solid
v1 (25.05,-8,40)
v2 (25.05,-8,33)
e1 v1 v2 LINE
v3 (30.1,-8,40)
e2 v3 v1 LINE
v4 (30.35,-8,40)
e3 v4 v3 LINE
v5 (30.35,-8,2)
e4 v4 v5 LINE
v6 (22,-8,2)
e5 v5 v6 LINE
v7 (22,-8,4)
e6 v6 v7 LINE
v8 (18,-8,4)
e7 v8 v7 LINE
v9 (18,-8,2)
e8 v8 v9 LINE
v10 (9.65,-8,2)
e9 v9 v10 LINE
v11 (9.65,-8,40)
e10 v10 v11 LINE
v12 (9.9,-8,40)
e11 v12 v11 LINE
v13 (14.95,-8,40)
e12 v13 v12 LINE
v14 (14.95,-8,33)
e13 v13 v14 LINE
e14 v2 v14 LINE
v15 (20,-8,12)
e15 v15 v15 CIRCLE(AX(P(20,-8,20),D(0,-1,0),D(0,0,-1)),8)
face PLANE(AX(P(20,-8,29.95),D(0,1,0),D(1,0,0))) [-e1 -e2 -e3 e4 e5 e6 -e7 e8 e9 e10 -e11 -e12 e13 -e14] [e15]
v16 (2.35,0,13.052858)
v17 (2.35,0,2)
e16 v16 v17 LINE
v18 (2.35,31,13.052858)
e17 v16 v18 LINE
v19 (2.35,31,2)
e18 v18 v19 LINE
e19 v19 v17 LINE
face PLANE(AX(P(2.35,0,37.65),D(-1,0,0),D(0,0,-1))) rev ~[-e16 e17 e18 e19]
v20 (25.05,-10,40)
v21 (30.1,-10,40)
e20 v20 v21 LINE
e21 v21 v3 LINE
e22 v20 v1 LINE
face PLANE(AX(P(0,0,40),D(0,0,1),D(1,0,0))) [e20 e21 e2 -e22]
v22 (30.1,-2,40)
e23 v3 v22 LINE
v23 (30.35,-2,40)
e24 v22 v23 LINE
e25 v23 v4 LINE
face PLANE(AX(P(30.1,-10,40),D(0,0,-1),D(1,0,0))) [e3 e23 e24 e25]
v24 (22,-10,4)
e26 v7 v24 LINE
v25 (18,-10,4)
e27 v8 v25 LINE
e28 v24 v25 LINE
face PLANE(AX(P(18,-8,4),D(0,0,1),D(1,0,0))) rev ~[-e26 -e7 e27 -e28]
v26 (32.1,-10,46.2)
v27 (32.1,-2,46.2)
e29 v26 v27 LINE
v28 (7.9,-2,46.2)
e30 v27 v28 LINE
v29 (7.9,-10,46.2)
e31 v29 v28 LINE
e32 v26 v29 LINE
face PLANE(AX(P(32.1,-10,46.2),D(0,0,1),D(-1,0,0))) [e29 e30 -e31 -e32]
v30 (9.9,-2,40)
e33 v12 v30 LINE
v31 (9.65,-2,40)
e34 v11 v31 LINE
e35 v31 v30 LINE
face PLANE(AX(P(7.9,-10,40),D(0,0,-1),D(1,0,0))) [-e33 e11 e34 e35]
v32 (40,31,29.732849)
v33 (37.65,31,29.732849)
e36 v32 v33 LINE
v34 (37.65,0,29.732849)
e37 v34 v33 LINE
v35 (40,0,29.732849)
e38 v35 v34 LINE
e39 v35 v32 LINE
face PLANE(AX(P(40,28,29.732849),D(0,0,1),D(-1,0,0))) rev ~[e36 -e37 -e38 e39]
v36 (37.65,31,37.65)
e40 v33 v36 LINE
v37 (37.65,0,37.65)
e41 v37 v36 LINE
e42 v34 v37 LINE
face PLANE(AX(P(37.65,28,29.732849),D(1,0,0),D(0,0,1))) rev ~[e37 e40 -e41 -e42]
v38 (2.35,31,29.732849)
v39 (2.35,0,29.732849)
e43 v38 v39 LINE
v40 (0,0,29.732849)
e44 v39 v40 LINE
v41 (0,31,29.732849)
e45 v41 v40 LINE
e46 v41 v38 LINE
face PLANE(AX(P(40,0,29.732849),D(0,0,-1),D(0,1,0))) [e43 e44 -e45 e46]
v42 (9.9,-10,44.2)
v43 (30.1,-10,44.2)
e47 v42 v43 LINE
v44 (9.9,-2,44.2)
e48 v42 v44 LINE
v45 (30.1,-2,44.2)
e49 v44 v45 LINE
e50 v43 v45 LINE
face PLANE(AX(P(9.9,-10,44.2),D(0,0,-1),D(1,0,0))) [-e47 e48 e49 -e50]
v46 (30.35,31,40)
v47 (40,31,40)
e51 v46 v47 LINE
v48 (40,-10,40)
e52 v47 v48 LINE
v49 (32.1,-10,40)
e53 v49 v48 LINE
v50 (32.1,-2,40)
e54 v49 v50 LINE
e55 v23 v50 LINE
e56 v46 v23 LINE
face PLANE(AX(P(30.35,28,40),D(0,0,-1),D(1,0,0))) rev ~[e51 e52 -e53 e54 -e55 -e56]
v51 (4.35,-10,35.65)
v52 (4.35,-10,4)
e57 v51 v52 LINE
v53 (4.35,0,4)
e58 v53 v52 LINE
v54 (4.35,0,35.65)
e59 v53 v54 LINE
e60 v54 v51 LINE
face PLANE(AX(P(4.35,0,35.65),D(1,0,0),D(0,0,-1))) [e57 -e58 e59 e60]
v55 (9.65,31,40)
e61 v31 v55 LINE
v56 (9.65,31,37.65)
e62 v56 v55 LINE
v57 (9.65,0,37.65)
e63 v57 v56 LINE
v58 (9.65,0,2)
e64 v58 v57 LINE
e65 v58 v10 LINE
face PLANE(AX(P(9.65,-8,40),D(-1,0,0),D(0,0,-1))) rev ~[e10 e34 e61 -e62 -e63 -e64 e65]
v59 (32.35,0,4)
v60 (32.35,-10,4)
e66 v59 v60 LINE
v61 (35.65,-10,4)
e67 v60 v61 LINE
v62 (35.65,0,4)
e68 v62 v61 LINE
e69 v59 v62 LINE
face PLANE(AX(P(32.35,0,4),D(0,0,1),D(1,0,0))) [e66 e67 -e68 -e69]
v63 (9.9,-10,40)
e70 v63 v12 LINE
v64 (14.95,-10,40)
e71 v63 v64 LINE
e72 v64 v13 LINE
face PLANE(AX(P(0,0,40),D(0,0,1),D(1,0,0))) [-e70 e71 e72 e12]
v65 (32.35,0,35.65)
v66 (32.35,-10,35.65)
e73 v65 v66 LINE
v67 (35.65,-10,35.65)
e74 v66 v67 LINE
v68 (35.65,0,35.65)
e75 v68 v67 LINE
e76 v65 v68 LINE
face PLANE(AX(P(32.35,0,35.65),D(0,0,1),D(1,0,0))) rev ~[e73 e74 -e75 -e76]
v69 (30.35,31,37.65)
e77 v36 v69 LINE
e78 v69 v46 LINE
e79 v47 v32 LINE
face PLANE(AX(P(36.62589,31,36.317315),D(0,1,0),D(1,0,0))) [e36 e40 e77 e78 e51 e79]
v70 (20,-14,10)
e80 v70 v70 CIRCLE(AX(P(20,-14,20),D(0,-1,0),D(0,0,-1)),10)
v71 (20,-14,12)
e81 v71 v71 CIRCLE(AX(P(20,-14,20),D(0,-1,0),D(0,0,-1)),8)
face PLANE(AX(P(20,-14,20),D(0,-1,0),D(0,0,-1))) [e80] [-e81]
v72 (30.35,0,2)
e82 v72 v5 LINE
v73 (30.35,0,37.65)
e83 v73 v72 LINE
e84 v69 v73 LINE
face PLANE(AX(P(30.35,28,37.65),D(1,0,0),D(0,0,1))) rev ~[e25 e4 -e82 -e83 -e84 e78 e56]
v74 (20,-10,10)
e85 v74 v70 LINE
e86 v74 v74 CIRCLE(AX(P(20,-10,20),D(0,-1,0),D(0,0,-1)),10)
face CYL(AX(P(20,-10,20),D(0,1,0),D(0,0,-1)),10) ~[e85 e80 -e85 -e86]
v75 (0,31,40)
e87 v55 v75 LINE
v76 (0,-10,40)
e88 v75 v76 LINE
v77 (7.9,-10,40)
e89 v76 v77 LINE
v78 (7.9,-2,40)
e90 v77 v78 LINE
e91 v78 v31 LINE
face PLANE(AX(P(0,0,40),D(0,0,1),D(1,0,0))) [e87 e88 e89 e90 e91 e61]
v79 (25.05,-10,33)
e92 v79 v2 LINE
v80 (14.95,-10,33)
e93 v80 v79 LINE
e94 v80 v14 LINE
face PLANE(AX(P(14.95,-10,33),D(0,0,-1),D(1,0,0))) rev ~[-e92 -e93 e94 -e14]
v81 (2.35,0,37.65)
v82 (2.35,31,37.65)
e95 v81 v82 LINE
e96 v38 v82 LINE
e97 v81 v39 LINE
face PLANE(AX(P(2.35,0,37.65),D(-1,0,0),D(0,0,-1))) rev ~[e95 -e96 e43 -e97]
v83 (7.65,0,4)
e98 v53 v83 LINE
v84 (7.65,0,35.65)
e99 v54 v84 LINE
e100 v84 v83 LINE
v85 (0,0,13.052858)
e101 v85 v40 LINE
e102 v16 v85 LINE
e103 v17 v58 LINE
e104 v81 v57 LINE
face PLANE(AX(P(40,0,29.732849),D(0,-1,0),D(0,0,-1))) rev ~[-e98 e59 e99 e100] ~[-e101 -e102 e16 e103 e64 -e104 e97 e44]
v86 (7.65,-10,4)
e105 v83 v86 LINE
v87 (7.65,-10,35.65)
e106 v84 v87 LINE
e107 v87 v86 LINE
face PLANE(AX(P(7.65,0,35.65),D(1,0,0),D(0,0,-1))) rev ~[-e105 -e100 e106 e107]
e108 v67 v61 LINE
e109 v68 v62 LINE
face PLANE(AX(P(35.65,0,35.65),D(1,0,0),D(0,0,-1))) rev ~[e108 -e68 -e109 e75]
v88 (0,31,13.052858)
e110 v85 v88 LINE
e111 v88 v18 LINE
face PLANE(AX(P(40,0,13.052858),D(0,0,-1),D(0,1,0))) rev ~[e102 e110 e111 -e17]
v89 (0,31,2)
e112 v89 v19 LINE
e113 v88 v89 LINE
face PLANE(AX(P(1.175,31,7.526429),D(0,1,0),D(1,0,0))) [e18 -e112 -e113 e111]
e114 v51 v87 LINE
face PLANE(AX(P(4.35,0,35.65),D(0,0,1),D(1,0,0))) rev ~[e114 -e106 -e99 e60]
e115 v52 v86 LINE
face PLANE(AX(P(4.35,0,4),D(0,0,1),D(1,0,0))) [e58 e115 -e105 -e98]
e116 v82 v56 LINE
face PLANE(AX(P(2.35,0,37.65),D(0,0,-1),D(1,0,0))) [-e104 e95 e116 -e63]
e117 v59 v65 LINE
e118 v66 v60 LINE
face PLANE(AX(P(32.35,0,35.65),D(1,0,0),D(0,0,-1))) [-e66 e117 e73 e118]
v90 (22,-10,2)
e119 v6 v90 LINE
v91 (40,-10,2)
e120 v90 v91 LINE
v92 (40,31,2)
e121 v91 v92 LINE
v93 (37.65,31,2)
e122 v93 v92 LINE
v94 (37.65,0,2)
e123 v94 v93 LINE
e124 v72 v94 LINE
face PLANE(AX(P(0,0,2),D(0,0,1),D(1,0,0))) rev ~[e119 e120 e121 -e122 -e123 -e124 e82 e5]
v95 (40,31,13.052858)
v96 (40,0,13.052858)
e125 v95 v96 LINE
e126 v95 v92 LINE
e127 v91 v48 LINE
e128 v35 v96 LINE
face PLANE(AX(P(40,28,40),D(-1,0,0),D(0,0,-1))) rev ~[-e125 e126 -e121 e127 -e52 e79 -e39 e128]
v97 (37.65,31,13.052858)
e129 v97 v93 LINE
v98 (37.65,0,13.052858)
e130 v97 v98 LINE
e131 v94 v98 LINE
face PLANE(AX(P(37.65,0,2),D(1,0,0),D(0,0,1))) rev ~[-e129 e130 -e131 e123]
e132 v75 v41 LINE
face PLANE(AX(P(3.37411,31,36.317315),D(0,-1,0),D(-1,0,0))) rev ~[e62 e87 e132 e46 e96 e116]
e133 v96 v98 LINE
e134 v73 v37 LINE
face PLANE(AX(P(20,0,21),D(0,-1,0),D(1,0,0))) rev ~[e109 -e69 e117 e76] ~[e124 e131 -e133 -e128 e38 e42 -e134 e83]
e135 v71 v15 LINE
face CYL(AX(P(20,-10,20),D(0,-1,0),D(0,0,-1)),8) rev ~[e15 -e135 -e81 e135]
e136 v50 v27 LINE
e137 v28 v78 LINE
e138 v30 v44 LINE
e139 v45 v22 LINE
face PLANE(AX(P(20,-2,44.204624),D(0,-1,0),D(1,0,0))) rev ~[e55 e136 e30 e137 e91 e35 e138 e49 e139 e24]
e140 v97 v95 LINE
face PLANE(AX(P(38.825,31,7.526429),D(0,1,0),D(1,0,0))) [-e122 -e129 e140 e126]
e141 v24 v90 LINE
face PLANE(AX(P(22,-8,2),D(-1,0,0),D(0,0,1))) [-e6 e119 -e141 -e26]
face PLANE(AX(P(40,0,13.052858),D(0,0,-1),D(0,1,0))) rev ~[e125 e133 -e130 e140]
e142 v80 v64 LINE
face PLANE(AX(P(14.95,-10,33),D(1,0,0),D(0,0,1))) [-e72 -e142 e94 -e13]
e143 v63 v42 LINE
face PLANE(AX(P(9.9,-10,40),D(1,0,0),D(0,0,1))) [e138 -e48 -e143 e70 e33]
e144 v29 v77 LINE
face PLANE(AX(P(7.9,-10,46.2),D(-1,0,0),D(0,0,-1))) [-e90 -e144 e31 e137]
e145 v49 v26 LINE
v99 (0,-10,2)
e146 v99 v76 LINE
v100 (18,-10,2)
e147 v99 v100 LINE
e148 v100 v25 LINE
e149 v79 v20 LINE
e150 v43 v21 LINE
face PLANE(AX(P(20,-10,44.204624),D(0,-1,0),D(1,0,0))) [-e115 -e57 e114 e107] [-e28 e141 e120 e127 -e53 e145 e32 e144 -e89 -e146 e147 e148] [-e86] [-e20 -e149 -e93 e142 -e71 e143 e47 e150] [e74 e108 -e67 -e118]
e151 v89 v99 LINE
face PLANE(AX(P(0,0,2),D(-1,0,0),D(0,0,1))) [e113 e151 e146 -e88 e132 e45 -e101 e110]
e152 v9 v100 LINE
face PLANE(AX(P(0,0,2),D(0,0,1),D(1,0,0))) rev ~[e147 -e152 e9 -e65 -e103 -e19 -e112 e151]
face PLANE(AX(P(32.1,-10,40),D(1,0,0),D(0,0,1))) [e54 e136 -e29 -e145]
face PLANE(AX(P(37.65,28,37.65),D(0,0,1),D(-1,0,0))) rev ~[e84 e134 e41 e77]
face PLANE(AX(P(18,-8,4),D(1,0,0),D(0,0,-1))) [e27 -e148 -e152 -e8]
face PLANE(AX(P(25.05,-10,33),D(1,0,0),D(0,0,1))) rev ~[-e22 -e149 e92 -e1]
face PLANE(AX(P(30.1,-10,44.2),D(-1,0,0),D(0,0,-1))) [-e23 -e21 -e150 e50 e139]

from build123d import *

# Parameters (mm, degrees)
BOSS_EXTRUDE2_DEPTH = 28
SKETCH3_W           = 40
SKETCH3_H           = 38
BOSS_EXTRUDE3_DEPTH = 10
CUT_EXTRUDE2_DEPTH  = 8
SKETCH6_W           = 20.7
SKETCH6_H           = 38
CUT_EXTRUDE3_DEPTH  = 43
CUT_EXTRUDE4_DEPTH  = 43
BOSS_EXTRUDE5_DEPTH = 8
SKETCH10_R          = 10
BOSS_EXTRUDE6_DEPTH = 4
SKETCH11_R          = 8
CUT_EXTRUDE5_DEPTH  = 4
SKETCH12_R          = 8
CUT_EXTRUDE6_DEPTH  = 10
SKETCH13_W          = 3.3
SKETCH13_H          = 31.65
CUT_EXTRUDE7_DEPTH  = 10
SKETCH14_W          = 3.3
SKETCH14_H          = 31.65
CUT_EXTRUDE8_DEPTH  = 10
SKETCH15_W          = 16.679991472
SKETCH15_H          = 28
CUT_EXTRUDE9_DEPTH  = 253
SKETCH16_W          = 10.1
SKETCH16_H          = 7
CUT_EXTRUDE11_DEPTH = 13
SKETCH17_W          = 2.35
SKETCH17_H          = 11.05285785
BOSS_EXTRUDE7_DEPTH = 3


with BuildPart() as part:
    # Sketch1 → Boss-Extrude2 (new body)
    with BuildSketch(Plane(origin=(0, 0, 0), x_dir=(1, 0, 0), z_dir=(0, 1, 0))):
        Polygon((40, -2), (40, -40), (0, -40), (0, -2), (2.35, -2), (2.35, -2.35), (2.35, -20), (2.35, -37.65), (37.65, -37.65), (37.65, -20), (37.65, -2.35), (37.65, -2), align=None)
    extrude(amount=BOSS_EXTRUDE2_DEPTH)

    # Sketch3 → Boss-Extrude3 (add)
    with BuildSketch(Plane.XZ):
        with Locations((20, 21)):
            Rectangle(SKETCH3_W, SKETCH3_H)
    extrude(amount=BOSS_EXTRUDE3_DEPTH)

    # Sketch5 → Cut-Extrude2 (cut)
    with BuildSketch(Plane(origin=(0, 0, 0), x_dir=(1, 0, 0), z_dir=(0, 1, 0))):
        Polygon((9.65, -20), (9.65, -57.9), (20, -57.9), (30.35, -57.9), (30.35, -20), (30.35, -2), (9.65, -2), align=None)
    extrude(amount=-CUT_EXTRUDE2_DEPTH, mode=Mode.SUBTRACT)

    # Sketch6 → Cut-Extrude3 (cut)
    with BuildSketch(Plane(origin=(0, -8, 0), x_dir=(1, 0, 0), z_dir=(0, 1, 0))):
        with Locations((20, -21)):
            Rectangle(SKETCH6_W, SKETCH6_H)
    extrude(amount=CUT_EXTRUDE3_DEPTH, mode=Mode.SUBTRACT)

    # Sketch7 → Cut-Extrude4 (cut)
    with BuildSketch(Plane(origin=(0, -8, 0), x_dir=(1, 0, 0), z_dir=(0, 1, 0))):
        Polygon((20, -4), (18, -4), (18, -2), (22, -2), (22, -4), align=None)
    extrude(amount=-CUT_EXTRUDE4_DEPTH, mode=Mode.SUBTRACT)

    # Sketch9 → Boss-Extrude5 (add)
    with BuildSketch(Plane.XZ.offset(10)):
        Polygon((30.1, 44.2), (30.1, 40), (32.1, 40), (32.1, 46.2), (18, 46.2), (9.9, 46.2), (7.9, 46.2), (7.9, 40), (9.9, 40), (9.9, 44.2), align=None)
    extrude(amount=-BOSS_EXTRUDE5_DEPTH)

    # Sketch10 → Boss-Extrude6 (add)
    with BuildSketch(Plane.XZ.offset(10)):
        with Locations(Location((20, 20, 0), (0, 0, 270))):
            Circle(SKETCH10_R)
    extrude(amount=BOSS_EXTRUDE6_DEPTH)

    # Sketch11 → Cut-Extrude5 (cut)
    with BuildSketch(Plane(origin=(0, -14, 0), x_dir=(-1, 0, 0), z_dir=(0, -1, 0))):
        with Locations(Location((-20, -20, 0), (0, 0, 90))):
            Circle(SKETCH11_R)
    extrude(amount=-CUT_EXTRUDE5_DEPTH, mode=Mode.SUBTRACT)

    # Sketch12 → Cut-Extrude6 (cut)
    with BuildSketch(Plane.XZ.offset(10)):
        with Locations(Location((20, 20, 0), (0, 0, 270))):
            Circle(SKETCH12_R)
    extrude(amount=-CUT_EXTRUDE6_DEPTH, mode=Mode.SUBTRACT)

    # Sketch13 → Cut-Extrude7 (cut)
    with BuildSketch(Plane(origin=(0, 0, 0), x_dir=(1, 0, 0), z_dir=(0, 1, 0))):
        with Locations((6, -19.825)):
            Rectangle(SKETCH13_W, SKETCH13_H)
    extrude(amount=-CUT_EXTRUDE7_DEPTH, mode=Mode.SUBTRACT)

    # Sketch14 → Cut-Extrude8 (cut)
    with BuildSketch(Plane(origin=(0, 0, 0), x_dir=(1, 0, 0), z_dir=(0, 1, 0))):
        with Locations((34, -19.825)):
            Rectangle(SKETCH14_W, SKETCH14_H)
    extrude(amount=-CUT_EXTRUDE8_DEPTH, mode=Mode.SUBTRACT)

    # Sketch15 → Cut-Extrude9 (cut)
    with BuildSketch(Plane(origin=(40, 0, 0), x_dir=(0, 0, -1), z_dir=(1, 0, 0))):
        with Locations((-21.392853586, 14)):
            Rectangle(SKETCH15_W, SKETCH15_H)
    extrude(amount=-CUT_EXTRUDE9_DEPTH, mode=Mode.SUBTRACT)

    # Sketch16 → Cut-Extrude11 (cut)
    with BuildSketch(Plane.XZ.offset(10)):
        with Locations((20, 36.5)):
            Rectangle(SKETCH16_W, SKETCH16_H)
    extrude(amount=-CUT_EXTRUDE11_DEPTH, mode=Mode.SUBTRACT)

    # Sketch17 → Boss-Extrude7 (add)
    with BuildSketch(Plane(origin=(0, 28, 0), x_dir=(1, 0, 0), z_dir=(0, 1, 0))):
        Polygon((40, -40), (40, -29.732849322), (37.65, -29.732849322), (37.65, -37.65), (30.35, -37.65), (30.35, -40), align=None)
        Polygon((9.65, -40), (0, -40), (0, -29.732849322), (2.35, -29.732849322), (2.35, -37.65), (9.65, -37.65), align=None)
        with Locations((1.175, -7.526428925)):
            Rectangle(SKETCH17_W, SKETCH17_H)
        with Locations((38.825, -7.526428925)):
            Rectangle(SKETCH17_W, SKETCH17_H)
    extrude(amount=BOSS_EXTRUDE7_DEPTH)


solid = part.part
